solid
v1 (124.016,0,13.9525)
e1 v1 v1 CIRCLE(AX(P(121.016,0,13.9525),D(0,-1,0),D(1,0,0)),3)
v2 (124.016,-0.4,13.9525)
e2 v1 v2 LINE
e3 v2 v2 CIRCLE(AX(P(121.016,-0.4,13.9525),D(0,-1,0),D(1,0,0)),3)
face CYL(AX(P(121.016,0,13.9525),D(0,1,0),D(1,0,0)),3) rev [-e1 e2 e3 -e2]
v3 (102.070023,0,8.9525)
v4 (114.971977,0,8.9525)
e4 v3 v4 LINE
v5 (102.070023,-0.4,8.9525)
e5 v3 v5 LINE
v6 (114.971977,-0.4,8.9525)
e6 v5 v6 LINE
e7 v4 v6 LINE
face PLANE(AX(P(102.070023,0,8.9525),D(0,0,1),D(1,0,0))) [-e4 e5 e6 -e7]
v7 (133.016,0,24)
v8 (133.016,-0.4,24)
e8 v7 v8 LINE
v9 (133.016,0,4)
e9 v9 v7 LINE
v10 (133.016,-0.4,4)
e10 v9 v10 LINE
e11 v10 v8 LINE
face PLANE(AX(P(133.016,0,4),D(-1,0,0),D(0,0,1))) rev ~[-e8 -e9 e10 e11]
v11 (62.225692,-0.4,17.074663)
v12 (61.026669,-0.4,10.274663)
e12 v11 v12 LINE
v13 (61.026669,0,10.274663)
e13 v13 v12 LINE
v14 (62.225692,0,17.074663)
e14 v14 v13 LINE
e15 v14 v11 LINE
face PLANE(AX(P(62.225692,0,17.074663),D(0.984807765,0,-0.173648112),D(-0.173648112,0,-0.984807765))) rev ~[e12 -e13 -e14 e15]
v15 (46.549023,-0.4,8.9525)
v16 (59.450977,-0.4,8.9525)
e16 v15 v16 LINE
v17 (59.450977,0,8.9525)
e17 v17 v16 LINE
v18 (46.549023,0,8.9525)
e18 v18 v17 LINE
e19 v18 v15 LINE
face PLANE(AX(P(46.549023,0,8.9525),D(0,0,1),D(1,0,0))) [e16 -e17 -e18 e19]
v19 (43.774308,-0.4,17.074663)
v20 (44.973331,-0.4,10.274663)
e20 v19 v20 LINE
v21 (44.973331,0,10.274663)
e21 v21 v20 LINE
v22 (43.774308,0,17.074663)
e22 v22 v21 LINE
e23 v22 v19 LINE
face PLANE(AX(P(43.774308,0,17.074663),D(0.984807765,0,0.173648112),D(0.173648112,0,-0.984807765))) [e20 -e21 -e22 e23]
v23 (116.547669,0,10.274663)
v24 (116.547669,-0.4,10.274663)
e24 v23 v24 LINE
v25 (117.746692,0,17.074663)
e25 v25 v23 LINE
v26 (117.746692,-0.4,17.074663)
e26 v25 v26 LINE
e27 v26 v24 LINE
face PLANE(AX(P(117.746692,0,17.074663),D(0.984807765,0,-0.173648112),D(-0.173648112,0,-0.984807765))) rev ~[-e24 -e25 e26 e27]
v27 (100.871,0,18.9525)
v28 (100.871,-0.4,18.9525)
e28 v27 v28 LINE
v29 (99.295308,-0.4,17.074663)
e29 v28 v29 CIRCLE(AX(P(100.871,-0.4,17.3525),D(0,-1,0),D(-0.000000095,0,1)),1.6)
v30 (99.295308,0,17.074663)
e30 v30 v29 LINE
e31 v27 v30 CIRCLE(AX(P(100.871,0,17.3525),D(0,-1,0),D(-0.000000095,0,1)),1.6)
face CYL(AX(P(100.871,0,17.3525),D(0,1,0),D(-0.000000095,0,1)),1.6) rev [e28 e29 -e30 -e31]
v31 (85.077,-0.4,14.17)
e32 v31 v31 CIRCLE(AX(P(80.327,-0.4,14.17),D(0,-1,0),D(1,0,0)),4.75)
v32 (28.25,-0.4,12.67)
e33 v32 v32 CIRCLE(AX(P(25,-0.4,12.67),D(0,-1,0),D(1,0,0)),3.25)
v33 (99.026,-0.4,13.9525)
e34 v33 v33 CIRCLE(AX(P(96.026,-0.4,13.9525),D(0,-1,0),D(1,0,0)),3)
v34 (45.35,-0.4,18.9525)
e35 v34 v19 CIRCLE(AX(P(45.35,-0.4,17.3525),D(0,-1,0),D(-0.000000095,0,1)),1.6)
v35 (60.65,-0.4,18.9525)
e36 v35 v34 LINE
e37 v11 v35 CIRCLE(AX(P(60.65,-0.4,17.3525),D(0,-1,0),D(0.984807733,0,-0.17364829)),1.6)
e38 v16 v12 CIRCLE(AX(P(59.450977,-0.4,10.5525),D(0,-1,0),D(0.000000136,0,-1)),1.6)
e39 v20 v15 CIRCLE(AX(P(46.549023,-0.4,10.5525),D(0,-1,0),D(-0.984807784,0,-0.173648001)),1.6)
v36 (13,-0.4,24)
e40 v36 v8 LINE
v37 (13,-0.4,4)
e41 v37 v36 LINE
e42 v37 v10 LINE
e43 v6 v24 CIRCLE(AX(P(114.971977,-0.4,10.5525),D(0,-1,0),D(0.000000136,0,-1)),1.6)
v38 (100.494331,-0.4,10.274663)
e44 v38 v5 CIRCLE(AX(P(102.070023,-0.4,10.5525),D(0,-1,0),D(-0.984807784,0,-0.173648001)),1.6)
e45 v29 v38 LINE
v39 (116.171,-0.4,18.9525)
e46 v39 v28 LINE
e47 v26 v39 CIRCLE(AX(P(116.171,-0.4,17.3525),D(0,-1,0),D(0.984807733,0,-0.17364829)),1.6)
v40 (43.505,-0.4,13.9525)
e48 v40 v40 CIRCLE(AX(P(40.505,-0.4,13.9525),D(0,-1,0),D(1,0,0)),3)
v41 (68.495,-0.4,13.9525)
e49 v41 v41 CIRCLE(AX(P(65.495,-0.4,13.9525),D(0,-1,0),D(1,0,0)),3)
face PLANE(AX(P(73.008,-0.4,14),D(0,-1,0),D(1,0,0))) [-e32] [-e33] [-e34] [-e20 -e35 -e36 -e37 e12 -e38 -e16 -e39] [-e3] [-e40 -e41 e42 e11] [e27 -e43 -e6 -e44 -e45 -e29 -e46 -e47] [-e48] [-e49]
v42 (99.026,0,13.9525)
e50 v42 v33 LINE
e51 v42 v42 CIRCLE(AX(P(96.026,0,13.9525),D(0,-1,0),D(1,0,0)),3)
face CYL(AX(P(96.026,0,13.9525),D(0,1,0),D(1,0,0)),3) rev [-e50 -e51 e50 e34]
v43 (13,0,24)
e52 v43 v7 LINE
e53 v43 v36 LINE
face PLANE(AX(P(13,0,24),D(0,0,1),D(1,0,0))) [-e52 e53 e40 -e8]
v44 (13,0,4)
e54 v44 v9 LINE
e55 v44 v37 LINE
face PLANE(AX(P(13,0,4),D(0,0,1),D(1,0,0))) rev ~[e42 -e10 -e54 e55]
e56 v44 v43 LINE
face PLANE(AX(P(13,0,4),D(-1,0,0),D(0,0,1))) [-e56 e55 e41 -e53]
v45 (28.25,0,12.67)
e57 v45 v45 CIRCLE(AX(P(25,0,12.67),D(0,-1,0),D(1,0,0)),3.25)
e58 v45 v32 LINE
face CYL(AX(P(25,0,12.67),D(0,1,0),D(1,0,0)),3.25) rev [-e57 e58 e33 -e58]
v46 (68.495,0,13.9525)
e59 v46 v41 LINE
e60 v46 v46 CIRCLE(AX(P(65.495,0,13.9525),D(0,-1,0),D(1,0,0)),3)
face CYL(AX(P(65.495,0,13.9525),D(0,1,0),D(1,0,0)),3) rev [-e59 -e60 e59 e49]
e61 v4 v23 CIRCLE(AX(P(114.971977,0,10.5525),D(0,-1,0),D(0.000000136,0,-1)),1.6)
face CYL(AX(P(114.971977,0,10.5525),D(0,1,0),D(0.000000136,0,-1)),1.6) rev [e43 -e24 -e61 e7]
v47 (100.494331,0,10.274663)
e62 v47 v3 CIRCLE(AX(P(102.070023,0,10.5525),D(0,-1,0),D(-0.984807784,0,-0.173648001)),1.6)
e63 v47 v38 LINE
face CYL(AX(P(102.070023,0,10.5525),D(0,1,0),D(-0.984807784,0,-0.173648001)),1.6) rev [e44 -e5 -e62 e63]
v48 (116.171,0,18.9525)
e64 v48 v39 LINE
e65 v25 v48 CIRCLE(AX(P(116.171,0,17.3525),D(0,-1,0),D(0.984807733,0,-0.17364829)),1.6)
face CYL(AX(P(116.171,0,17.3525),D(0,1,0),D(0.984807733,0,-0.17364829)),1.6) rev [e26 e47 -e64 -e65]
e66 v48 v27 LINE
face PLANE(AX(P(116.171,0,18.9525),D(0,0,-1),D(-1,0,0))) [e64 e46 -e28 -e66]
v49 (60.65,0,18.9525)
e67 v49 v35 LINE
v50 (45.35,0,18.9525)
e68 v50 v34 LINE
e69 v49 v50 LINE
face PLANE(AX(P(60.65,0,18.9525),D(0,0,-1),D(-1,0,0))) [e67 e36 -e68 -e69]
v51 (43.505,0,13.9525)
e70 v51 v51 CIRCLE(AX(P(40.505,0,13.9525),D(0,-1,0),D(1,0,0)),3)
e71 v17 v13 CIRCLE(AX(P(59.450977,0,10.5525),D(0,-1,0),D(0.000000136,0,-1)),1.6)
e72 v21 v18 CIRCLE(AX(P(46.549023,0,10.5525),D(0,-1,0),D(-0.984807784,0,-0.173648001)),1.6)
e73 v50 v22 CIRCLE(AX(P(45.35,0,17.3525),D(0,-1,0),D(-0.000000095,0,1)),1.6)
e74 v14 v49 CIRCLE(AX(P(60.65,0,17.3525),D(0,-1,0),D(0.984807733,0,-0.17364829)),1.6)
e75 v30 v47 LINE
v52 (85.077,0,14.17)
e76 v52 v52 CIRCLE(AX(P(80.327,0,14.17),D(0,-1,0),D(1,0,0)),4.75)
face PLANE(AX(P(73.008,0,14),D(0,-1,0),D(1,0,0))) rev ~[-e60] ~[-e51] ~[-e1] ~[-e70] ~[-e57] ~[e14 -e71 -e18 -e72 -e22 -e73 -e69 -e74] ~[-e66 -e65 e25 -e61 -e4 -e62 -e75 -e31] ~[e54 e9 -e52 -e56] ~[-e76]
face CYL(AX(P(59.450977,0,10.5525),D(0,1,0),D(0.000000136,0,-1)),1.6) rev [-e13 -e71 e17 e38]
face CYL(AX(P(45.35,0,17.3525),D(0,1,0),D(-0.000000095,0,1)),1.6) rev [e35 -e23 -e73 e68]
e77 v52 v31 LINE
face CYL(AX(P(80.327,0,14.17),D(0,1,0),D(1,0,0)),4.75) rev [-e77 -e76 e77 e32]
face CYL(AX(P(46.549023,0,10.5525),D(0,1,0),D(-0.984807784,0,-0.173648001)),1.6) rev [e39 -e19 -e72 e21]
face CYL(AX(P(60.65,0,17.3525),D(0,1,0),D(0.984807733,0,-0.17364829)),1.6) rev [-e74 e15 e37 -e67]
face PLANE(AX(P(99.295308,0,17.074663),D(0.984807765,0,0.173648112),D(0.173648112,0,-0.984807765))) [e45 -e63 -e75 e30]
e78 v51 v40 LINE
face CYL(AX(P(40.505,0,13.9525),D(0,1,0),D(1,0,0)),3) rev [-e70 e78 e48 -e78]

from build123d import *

# Parameters (mm, degrees)
SKETCH006_W   = 120.016
SKETCH006_H   = 20
SKETCH006_R   = 3.25
SKETCH006_R_2 = 3
SKETCH006_R_3 = 4.75
PAD_DEPTH     = 0.4


with BuildPart() as part:
    # Sketch006 → Pad (new body)
    with BuildSketch(Plane.XZ):
        with Locations((73.008, 14)):
            Rectangle(SKETCH006_W, SKETCH006_H)
        with Locations((25, 12.67)):
            Circle(SKETCH006_R, mode=Mode.SUBTRACT)
        with Locations((40.505, 13.9525)):
            Circle(SKETCH006_R_2, mode=Mode.SUBTRACT)
        with Locations((65.495, 13.9525)):
            Circle(SKETCH006_R_2, mode=Mode.SUBTRACT)
        with Locations((80.327, 14.17)):
            Circle(SKETCH006_R_3, mode=Mode.SUBTRACT)
        with Locations((96.026, 13.9525)):
            Circle(SKETCH006_R_2, mode=Mode.SUBTRACT)
        with Locations((121.016, 13.9525)):
            Circle(SKETCH006_R_2, mode=Mode.SUBTRACT)
        with BuildLine():
            Line((46.549023, 8.9525), (59.450977, 8.9525))
            ThreePointArc((59.450977, 8.9525), (60.479437, 9.326829), (61.026669, 10.274663))
            Line((62.225692, 17.074663), (61.026669, 10.274663))
            ThreePointArc((62.225692, 17.074663), (61.875671, 18.38096), (60.65, 18.9525))
            Line((60.65, 18.9525), (45.35, 18.9525))
            ThreePointArc((45.35, 18.9525), (44.124329, 18.38096), (43.774308, 17.074663))
            Line((43.774308, 17.074663), (44.973331, 10.274663))
            ThreePointArc((44.973331, 10.274663), (45.520563, 9.326829), (46.549023, 8.9525))
        make_face(mode=Mode.SUBTRACT)
        with BuildLine():
            Line((102.070023, 8.9525), (114.971977, 8.9525))
            ThreePointArc((114.971977, 8.9525), (116.000437, 9.326829), (116.547669, 10.274663))
            Line((117.746692, 17.074663), (116.547669, 10.274663))
            ThreePointArc((117.746692, 17.074663), (117.396671, 18.38096), (116.171, 18.9525))
            Line((116.171, 18.9525), (100.871, 18.9525))
            ThreePointArc((100.871, 18.9525), (99.645329, 18.38096), (99.295308, 17.074663))
            Line((99.295308, 17.074663), (100.494331, 10.274663))
            ThreePointArc((100.494331, 10.274663), (101.041563, 9.326829), (102.070023, 8.9525))
        make_face(mode=Mode.SUBTRACT)
    extrude(amount=PAD_DEPTH)


solid = part.part
